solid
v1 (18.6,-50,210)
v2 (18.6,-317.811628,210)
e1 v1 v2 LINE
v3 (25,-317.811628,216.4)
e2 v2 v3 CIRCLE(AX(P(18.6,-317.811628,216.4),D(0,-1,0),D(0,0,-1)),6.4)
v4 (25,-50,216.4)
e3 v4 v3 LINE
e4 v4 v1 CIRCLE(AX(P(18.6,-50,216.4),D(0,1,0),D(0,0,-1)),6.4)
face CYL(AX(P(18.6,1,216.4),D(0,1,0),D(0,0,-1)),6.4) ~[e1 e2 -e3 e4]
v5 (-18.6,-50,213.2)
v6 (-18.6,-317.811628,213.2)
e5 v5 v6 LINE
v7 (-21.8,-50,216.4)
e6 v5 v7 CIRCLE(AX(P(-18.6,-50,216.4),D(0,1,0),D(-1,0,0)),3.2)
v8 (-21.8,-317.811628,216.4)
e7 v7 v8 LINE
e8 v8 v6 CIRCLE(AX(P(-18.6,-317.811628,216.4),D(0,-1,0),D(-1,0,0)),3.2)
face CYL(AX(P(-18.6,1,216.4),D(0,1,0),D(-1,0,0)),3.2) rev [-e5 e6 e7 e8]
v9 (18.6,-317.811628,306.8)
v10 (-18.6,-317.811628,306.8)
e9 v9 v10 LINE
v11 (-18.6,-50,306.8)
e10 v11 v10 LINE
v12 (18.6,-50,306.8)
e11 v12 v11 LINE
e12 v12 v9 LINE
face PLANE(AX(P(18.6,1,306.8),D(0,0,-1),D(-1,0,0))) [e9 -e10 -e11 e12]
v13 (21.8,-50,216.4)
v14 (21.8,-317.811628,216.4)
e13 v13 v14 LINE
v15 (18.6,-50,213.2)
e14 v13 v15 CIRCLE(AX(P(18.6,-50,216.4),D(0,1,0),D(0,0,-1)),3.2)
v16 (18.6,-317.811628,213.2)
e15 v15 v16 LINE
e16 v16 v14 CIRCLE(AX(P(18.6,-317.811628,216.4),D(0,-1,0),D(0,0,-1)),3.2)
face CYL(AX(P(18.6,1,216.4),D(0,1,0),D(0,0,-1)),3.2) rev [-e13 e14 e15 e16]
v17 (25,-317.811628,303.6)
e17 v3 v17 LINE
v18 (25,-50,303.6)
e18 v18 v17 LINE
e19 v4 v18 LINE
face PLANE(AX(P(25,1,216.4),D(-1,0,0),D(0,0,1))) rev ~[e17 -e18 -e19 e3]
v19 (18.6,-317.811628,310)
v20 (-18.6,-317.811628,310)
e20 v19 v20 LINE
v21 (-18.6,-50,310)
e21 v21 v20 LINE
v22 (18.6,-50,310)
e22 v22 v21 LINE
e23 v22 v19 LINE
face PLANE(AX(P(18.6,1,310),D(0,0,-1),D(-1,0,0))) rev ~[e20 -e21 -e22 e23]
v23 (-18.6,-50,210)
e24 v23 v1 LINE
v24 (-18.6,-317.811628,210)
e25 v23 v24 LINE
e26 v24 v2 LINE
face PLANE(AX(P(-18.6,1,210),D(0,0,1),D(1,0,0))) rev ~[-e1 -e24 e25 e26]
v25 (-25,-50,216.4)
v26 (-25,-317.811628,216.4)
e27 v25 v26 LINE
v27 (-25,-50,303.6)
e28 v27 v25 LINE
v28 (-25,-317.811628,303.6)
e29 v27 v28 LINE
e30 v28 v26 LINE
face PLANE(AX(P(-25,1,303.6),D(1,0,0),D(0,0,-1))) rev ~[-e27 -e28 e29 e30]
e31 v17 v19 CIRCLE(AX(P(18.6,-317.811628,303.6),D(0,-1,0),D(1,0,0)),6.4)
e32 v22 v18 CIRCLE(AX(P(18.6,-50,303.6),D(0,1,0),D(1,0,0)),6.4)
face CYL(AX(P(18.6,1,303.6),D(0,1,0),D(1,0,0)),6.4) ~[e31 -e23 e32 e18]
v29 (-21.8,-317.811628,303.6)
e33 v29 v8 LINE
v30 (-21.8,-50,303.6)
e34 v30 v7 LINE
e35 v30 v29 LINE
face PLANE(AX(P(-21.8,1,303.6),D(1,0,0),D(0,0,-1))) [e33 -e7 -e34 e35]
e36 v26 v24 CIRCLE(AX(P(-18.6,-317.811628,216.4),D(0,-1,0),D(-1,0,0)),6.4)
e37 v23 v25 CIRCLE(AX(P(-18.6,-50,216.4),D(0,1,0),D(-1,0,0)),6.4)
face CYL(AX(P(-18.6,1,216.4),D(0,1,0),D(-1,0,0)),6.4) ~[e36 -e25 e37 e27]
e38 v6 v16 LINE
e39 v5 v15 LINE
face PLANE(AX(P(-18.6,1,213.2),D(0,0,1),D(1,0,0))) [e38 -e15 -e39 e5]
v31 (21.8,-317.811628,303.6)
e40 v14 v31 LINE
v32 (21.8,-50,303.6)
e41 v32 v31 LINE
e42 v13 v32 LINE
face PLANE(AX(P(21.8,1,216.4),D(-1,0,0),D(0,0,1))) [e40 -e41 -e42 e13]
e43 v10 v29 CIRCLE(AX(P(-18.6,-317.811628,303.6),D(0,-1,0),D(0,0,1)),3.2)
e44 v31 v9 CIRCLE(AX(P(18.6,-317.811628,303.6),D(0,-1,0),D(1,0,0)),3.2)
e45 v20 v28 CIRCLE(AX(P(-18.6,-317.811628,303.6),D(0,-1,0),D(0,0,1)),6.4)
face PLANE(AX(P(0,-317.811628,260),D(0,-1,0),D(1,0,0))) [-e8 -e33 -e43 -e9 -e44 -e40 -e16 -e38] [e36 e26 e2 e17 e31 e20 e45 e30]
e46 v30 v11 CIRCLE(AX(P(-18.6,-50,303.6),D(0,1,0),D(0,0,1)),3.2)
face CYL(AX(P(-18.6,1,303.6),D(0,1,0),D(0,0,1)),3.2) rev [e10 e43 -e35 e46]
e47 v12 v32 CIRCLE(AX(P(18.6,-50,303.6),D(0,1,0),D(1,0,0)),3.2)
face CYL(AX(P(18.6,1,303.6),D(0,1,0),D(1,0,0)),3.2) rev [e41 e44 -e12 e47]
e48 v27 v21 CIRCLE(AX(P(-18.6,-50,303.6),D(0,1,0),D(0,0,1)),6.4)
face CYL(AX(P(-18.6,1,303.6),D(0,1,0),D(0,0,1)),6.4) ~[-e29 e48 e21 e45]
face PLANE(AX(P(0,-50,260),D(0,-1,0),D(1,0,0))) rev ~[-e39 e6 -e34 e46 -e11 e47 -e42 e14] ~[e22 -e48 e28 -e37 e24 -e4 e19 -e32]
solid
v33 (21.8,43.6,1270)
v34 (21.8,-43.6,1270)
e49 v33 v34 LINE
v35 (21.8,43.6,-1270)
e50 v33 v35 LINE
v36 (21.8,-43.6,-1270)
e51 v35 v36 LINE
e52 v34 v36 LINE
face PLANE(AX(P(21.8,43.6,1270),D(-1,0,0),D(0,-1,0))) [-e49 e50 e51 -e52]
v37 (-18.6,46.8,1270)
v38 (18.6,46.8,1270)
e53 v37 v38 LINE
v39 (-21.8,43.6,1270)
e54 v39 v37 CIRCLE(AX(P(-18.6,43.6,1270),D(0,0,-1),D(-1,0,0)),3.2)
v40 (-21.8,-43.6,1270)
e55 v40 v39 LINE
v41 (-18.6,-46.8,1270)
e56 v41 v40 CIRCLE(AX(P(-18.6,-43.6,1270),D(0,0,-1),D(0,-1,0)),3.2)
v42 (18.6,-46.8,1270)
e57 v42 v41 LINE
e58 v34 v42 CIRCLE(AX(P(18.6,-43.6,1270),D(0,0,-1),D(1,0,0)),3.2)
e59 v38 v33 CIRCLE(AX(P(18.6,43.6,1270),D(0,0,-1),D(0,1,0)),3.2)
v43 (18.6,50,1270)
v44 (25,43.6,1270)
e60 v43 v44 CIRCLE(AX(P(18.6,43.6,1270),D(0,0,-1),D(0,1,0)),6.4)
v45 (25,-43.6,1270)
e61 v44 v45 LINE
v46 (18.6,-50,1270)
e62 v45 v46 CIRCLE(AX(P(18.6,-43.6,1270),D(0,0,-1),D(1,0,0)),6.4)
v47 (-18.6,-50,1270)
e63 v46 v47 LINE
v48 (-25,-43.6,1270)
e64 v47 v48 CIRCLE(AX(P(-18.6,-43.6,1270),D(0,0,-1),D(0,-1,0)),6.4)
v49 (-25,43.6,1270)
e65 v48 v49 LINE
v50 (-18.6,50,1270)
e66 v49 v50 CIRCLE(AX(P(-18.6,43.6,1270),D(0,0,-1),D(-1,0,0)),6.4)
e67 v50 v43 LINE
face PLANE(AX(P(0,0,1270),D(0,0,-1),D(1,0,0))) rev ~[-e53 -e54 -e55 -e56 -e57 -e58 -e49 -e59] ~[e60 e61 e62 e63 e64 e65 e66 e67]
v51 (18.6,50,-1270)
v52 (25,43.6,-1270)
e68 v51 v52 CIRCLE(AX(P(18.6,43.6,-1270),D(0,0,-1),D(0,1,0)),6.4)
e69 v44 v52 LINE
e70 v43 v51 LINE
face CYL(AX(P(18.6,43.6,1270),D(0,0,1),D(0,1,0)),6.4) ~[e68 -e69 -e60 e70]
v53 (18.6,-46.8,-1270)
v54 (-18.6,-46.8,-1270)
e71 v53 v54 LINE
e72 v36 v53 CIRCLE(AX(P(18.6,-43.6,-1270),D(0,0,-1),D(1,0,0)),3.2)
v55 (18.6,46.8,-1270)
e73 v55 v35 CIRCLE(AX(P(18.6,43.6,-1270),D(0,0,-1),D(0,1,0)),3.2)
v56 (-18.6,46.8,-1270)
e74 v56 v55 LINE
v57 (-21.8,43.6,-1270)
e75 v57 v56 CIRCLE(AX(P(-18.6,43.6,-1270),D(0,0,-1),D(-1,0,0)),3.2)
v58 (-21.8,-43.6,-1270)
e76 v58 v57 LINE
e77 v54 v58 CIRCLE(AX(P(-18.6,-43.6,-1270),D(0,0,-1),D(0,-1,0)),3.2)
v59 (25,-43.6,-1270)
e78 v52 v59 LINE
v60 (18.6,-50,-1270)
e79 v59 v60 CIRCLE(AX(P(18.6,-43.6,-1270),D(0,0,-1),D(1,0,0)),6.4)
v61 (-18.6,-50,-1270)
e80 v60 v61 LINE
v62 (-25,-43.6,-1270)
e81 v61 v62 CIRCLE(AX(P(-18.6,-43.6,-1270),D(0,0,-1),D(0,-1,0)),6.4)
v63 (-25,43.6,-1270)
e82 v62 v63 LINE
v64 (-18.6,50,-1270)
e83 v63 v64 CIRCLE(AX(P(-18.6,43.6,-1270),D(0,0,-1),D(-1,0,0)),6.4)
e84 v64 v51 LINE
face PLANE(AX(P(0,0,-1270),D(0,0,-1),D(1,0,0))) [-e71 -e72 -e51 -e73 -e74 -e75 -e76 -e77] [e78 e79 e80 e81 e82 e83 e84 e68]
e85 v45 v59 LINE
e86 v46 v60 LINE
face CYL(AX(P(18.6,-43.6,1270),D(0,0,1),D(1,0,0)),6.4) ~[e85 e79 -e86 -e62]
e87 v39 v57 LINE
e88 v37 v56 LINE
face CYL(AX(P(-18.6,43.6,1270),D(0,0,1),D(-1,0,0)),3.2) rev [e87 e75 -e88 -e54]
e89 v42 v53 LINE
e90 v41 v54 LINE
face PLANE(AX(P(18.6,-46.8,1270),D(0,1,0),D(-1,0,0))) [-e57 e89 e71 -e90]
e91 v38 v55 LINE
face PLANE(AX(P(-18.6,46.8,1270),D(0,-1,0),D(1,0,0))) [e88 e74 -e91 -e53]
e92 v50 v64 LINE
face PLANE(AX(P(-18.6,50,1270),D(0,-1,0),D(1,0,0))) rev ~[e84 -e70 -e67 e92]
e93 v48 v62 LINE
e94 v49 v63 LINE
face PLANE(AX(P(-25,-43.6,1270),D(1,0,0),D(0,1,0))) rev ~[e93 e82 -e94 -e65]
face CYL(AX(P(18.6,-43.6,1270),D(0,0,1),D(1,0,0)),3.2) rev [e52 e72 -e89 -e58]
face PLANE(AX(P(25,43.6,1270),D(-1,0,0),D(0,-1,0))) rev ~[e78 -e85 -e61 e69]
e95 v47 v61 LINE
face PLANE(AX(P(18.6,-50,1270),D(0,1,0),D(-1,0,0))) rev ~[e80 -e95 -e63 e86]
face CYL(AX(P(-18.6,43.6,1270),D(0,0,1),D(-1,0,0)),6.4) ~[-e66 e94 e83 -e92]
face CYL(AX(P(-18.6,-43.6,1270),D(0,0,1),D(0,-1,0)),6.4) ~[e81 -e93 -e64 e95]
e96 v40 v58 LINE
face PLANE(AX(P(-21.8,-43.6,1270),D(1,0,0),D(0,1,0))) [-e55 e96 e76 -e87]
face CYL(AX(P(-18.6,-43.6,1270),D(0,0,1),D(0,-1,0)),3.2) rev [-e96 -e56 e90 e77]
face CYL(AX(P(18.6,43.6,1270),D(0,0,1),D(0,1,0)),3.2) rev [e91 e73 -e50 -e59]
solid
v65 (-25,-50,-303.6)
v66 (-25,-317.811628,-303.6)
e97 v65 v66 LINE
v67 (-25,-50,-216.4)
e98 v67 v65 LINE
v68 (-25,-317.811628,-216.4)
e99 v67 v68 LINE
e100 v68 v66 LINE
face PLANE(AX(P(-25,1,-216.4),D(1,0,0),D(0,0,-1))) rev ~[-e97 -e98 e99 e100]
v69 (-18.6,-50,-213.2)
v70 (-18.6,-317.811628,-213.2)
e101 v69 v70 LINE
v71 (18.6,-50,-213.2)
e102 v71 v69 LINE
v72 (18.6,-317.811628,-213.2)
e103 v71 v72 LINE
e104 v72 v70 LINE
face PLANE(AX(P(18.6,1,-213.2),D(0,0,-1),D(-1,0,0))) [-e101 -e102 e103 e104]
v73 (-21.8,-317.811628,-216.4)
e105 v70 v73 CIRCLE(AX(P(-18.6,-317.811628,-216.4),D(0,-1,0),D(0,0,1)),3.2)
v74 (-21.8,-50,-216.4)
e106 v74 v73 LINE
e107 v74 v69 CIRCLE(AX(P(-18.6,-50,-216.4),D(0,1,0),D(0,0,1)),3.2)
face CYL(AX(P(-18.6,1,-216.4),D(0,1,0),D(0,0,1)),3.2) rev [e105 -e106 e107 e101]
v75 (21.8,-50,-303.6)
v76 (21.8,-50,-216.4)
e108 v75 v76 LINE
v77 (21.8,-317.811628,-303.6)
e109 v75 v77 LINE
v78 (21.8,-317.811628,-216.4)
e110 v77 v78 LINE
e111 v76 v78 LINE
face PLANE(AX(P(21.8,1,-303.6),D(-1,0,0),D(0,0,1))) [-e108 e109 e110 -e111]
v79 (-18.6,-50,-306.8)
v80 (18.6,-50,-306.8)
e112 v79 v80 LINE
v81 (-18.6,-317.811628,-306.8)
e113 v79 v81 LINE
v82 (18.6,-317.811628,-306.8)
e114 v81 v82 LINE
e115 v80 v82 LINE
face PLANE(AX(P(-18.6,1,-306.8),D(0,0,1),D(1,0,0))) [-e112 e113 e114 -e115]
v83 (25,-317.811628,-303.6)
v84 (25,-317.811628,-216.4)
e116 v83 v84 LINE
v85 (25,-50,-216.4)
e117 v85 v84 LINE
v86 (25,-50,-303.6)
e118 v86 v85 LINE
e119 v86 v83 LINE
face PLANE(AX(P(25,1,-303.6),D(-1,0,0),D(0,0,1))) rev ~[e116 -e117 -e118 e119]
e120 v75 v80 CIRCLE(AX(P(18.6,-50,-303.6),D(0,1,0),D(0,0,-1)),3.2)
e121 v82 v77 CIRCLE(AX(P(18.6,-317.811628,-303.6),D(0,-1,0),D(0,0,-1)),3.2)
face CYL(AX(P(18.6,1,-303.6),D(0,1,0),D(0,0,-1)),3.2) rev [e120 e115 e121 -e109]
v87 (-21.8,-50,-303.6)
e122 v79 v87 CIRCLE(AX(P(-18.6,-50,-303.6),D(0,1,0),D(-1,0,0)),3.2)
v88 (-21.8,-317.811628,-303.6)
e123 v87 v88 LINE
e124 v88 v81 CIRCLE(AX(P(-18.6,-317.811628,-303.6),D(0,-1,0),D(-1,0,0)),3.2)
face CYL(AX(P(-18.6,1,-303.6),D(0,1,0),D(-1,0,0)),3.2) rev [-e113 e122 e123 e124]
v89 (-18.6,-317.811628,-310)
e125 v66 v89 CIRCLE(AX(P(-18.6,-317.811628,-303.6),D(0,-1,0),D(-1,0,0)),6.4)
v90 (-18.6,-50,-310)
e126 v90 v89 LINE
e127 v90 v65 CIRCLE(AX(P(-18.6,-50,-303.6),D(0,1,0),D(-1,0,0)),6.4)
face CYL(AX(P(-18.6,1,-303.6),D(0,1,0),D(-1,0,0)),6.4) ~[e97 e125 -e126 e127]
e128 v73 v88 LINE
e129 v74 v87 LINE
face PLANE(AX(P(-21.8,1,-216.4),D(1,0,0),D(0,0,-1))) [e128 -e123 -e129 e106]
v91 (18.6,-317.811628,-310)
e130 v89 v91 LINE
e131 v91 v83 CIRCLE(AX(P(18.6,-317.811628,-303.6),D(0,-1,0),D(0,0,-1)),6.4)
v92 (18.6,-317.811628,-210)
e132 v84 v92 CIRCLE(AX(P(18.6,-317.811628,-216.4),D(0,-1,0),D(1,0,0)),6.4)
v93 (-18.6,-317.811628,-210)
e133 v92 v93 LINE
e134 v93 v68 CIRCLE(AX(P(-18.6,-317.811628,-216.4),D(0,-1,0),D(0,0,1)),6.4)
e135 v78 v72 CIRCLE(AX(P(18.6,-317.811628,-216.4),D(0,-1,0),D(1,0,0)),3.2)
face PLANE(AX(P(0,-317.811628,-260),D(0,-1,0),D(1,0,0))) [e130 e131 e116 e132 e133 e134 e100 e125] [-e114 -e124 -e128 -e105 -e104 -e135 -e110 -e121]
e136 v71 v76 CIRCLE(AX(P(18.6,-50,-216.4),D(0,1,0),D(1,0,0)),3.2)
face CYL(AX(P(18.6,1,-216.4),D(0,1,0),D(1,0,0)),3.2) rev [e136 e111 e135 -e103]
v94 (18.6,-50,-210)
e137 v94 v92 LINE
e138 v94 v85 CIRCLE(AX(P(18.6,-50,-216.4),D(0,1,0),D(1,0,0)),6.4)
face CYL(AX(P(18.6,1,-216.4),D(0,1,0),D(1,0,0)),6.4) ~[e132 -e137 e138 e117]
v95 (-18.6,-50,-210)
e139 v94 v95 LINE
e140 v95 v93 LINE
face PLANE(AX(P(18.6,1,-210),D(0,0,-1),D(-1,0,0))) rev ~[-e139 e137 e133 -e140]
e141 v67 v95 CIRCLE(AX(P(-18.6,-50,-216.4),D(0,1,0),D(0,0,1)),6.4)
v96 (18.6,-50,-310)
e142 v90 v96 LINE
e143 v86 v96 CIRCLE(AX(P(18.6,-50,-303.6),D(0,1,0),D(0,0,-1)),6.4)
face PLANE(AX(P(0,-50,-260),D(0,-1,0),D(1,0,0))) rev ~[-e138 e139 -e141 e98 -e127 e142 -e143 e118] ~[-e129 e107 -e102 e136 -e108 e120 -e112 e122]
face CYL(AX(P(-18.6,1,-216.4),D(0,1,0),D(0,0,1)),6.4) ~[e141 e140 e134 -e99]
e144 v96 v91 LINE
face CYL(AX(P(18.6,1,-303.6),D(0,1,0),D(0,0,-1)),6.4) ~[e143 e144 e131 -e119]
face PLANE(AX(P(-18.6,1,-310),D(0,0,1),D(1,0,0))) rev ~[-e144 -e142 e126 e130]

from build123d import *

# Parameters (mm, degrees)
STRUCTURAL_MEMBER1_DEPTH   = 2540
STRUCTURAL_MEMBER1_2_DEPTH = 318.811628174
STRUCTURAL_MEMBER1_3_DEPTH = 318.811628174


with BuildPart() as part:
    # Sketch11 → Structural Member1 (new body)
    with BuildSketch(Plane(origin=(0, 0, 1270), x_dir=(1, 0, 0), z_dir=(0, 0, -1))):
        with BuildLine():
            Line((-18.6, -50), (18.6, -50))
            ThreePointArc((18.6, -50), (23.1254834, -48.1254834), (25, -43.6))
            Line((25, -43.6), (25, 43.6))
            ThreePointArc((25, 43.6), (23.1254834, 48.1254834), (18.6, 50))
            Line((18.6, 50), (-18.6, 50))
            ThreePointArc((-18.6, 50), (-23.1254834, 48.1254834), (-25, 43.6))
            Line((-25, 43.6), (-25, -43.6))
            ThreePointArc((-25, -43.6), (-23.1254834, -48.1254834), (-18.6, -50))
        make_face()
        with BuildLine():
            Line((-18.6, -46.8), (18.6, -46.8))
            ThreePointArc((18.6, -46.8), (20.8627417, -45.8627417), (21.8, -43.6))
            Line((21.8, -43.6), (21.8, 43.6))
            ThreePointArc((21.8, 43.6), (20.8627417, 45.8627417), (18.6, 46.8))
            Line((18.6, 46.8), (-18.6, 46.8))
            ThreePointArc((-18.6, 46.8), (-20.8627417, 45.8627417), (-21.8, 43.6))
            Line((-21.8, 43.6), (-21.8, -43.6))
            ThreePointArc((-21.8, -43.6), (-20.8627417, -45.8627417), (-18.6, -46.8))
        make_face(mode=Mode.SUBTRACT)
    extrude(amount=STRUCTURAL_MEMBER1_DEPTH)


with BuildPart() as body_2:
    # Sketch11 on segment 2 (carried to segment 2) → Structural Member1 2 (new body)
    with BuildSketch(Plane(origin=(0, 1, 260), x_dir=(1, 0, 0), z_dir=(0, -1, 0))):
        with BuildLine():
            Line((-18.6, -50), (18.6, -50))
            ThreePointArc((18.6, -50), (23.1254834, -48.1254834), (25, -43.6))
            Line((25, -43.6), (25, 43.6))
            ThreePointArc((25, 43.6), (23.1254834, 48.1254834), (18.6, 50))
            Line((18.6, 50), (-18.6, 50))
            ThreePointArc((-18.6, 50), (-23.1254834, 48.1254834), (-25, 43.6))
            Line((-25, 43.6), (-25, -43.6))
            ThreePointArc((-25, -43.6), (-23.1254834, -48.1254834), (-18.6, -50))
        make_face()
        with BuildLine():
            Line((-18.6, -46.8), (18.6, -46.8))
            ThreePointArc((18.6, -46.8), (20.8627417, -45.8627417), (21.8, -43.6))
            Line((21.8, -43.6), (21.8, 43.6))
            ThreePointArc((21.8, 43.6), (20.8627417, 45.8627417), (18.6, 46.8))
            Line((18.6, 46.8), (-18.6, 46.8))
            ThreePointArc((-18.6, 46.8), (-20.8627417, 45.8627417), (-21.8, 43.6))
            Line((-21.8, 43.6), (-21.8, -43.6))
            ThreePointArc((-21.8, -43.6), (-20.8627417, -45.8627417), (-18.6, -46.8))
        make_face(mode=Mode.SUBTRACT)
    extrude(amount=STRUCTURAL_MEMBER1_2_DEPTH)

    # Structural Member1 2 end butt 1
    split(bisect_by=Plane(origin=(0, -50, 260), x_dir=(1, 0, 0), z_dir=(0, -1, 0)), keep=Keep.TOP)


with BuildPart() as body_3:
    # Sketch11 on segment 3 (carried to segment 3) → Structural Member1 3 (new body)
    with BuildSketch(Plane(origin=(0, 1, -260), x_dir=(1, 0, 0), z_dir=(0, -1, 0))):
        with BuildLine():
            Line((-18.6, -50), (18.6, -50))
            ThreePointArc((18.6, -50), (23.1254834, -48.1254834), (25, -43.6))
            Line((25, -43.6), (25, 43.6))
            ThreePointArc((25, 43.6), (23.1254834, 48.1254834), (18.6, 50))
            Line((18.6, 50), (-18.6, 50))
            ThreePointArc((-18.6, 50), (-23.1254834, 48.1254834), (-25, 43.6))
            Line((-25, 43.6), (-25, -43.6))
            ThreePointArc((-25, -43.6), (-23.1254834, -48.1254834), (-18.6, -50))
        make_face()
        with BuildLine():
            Line((-18.6, -46.8), (18.6, -46.8))
            ThreePointArc((18.6, -46.8), (20.8627417, -45.8627417), (21.8, -43.6))
            Line((21.8, -43.6), (21.8, 43.6))
            ThreePointArc((21.8, 43.6), (20.8627417, 45.8627417), (18.6, 46.8))
            Line((18.6, 46.8), (-18.6, 46.8))
            ThreePointArc((-18.6, 46.8), (-20.8627417, 45.8627417), (-21.8, 43.6))
            Line((-21.8, 43.6), (-21.8, -43.6))
            ThreePointArc((-21.8, -43.6), (-20.8627417, -45.8627417), (-18.6, -46.8))
        make_face(mode=Mode.SUBTRACT)
    extrude(amount=STRUCTURAL_MEMBER1_3_DEPTH)

    # Structural Member1 3 end butt 1
    split(bisect_by=Plane(origin=(0, -50, -260), x_dir=(1, 0, 0), z_dir=(0, -1, 0)), keep=Keep.TOP)


solid = Compound([part.part, body_2.part, body_3.part])
